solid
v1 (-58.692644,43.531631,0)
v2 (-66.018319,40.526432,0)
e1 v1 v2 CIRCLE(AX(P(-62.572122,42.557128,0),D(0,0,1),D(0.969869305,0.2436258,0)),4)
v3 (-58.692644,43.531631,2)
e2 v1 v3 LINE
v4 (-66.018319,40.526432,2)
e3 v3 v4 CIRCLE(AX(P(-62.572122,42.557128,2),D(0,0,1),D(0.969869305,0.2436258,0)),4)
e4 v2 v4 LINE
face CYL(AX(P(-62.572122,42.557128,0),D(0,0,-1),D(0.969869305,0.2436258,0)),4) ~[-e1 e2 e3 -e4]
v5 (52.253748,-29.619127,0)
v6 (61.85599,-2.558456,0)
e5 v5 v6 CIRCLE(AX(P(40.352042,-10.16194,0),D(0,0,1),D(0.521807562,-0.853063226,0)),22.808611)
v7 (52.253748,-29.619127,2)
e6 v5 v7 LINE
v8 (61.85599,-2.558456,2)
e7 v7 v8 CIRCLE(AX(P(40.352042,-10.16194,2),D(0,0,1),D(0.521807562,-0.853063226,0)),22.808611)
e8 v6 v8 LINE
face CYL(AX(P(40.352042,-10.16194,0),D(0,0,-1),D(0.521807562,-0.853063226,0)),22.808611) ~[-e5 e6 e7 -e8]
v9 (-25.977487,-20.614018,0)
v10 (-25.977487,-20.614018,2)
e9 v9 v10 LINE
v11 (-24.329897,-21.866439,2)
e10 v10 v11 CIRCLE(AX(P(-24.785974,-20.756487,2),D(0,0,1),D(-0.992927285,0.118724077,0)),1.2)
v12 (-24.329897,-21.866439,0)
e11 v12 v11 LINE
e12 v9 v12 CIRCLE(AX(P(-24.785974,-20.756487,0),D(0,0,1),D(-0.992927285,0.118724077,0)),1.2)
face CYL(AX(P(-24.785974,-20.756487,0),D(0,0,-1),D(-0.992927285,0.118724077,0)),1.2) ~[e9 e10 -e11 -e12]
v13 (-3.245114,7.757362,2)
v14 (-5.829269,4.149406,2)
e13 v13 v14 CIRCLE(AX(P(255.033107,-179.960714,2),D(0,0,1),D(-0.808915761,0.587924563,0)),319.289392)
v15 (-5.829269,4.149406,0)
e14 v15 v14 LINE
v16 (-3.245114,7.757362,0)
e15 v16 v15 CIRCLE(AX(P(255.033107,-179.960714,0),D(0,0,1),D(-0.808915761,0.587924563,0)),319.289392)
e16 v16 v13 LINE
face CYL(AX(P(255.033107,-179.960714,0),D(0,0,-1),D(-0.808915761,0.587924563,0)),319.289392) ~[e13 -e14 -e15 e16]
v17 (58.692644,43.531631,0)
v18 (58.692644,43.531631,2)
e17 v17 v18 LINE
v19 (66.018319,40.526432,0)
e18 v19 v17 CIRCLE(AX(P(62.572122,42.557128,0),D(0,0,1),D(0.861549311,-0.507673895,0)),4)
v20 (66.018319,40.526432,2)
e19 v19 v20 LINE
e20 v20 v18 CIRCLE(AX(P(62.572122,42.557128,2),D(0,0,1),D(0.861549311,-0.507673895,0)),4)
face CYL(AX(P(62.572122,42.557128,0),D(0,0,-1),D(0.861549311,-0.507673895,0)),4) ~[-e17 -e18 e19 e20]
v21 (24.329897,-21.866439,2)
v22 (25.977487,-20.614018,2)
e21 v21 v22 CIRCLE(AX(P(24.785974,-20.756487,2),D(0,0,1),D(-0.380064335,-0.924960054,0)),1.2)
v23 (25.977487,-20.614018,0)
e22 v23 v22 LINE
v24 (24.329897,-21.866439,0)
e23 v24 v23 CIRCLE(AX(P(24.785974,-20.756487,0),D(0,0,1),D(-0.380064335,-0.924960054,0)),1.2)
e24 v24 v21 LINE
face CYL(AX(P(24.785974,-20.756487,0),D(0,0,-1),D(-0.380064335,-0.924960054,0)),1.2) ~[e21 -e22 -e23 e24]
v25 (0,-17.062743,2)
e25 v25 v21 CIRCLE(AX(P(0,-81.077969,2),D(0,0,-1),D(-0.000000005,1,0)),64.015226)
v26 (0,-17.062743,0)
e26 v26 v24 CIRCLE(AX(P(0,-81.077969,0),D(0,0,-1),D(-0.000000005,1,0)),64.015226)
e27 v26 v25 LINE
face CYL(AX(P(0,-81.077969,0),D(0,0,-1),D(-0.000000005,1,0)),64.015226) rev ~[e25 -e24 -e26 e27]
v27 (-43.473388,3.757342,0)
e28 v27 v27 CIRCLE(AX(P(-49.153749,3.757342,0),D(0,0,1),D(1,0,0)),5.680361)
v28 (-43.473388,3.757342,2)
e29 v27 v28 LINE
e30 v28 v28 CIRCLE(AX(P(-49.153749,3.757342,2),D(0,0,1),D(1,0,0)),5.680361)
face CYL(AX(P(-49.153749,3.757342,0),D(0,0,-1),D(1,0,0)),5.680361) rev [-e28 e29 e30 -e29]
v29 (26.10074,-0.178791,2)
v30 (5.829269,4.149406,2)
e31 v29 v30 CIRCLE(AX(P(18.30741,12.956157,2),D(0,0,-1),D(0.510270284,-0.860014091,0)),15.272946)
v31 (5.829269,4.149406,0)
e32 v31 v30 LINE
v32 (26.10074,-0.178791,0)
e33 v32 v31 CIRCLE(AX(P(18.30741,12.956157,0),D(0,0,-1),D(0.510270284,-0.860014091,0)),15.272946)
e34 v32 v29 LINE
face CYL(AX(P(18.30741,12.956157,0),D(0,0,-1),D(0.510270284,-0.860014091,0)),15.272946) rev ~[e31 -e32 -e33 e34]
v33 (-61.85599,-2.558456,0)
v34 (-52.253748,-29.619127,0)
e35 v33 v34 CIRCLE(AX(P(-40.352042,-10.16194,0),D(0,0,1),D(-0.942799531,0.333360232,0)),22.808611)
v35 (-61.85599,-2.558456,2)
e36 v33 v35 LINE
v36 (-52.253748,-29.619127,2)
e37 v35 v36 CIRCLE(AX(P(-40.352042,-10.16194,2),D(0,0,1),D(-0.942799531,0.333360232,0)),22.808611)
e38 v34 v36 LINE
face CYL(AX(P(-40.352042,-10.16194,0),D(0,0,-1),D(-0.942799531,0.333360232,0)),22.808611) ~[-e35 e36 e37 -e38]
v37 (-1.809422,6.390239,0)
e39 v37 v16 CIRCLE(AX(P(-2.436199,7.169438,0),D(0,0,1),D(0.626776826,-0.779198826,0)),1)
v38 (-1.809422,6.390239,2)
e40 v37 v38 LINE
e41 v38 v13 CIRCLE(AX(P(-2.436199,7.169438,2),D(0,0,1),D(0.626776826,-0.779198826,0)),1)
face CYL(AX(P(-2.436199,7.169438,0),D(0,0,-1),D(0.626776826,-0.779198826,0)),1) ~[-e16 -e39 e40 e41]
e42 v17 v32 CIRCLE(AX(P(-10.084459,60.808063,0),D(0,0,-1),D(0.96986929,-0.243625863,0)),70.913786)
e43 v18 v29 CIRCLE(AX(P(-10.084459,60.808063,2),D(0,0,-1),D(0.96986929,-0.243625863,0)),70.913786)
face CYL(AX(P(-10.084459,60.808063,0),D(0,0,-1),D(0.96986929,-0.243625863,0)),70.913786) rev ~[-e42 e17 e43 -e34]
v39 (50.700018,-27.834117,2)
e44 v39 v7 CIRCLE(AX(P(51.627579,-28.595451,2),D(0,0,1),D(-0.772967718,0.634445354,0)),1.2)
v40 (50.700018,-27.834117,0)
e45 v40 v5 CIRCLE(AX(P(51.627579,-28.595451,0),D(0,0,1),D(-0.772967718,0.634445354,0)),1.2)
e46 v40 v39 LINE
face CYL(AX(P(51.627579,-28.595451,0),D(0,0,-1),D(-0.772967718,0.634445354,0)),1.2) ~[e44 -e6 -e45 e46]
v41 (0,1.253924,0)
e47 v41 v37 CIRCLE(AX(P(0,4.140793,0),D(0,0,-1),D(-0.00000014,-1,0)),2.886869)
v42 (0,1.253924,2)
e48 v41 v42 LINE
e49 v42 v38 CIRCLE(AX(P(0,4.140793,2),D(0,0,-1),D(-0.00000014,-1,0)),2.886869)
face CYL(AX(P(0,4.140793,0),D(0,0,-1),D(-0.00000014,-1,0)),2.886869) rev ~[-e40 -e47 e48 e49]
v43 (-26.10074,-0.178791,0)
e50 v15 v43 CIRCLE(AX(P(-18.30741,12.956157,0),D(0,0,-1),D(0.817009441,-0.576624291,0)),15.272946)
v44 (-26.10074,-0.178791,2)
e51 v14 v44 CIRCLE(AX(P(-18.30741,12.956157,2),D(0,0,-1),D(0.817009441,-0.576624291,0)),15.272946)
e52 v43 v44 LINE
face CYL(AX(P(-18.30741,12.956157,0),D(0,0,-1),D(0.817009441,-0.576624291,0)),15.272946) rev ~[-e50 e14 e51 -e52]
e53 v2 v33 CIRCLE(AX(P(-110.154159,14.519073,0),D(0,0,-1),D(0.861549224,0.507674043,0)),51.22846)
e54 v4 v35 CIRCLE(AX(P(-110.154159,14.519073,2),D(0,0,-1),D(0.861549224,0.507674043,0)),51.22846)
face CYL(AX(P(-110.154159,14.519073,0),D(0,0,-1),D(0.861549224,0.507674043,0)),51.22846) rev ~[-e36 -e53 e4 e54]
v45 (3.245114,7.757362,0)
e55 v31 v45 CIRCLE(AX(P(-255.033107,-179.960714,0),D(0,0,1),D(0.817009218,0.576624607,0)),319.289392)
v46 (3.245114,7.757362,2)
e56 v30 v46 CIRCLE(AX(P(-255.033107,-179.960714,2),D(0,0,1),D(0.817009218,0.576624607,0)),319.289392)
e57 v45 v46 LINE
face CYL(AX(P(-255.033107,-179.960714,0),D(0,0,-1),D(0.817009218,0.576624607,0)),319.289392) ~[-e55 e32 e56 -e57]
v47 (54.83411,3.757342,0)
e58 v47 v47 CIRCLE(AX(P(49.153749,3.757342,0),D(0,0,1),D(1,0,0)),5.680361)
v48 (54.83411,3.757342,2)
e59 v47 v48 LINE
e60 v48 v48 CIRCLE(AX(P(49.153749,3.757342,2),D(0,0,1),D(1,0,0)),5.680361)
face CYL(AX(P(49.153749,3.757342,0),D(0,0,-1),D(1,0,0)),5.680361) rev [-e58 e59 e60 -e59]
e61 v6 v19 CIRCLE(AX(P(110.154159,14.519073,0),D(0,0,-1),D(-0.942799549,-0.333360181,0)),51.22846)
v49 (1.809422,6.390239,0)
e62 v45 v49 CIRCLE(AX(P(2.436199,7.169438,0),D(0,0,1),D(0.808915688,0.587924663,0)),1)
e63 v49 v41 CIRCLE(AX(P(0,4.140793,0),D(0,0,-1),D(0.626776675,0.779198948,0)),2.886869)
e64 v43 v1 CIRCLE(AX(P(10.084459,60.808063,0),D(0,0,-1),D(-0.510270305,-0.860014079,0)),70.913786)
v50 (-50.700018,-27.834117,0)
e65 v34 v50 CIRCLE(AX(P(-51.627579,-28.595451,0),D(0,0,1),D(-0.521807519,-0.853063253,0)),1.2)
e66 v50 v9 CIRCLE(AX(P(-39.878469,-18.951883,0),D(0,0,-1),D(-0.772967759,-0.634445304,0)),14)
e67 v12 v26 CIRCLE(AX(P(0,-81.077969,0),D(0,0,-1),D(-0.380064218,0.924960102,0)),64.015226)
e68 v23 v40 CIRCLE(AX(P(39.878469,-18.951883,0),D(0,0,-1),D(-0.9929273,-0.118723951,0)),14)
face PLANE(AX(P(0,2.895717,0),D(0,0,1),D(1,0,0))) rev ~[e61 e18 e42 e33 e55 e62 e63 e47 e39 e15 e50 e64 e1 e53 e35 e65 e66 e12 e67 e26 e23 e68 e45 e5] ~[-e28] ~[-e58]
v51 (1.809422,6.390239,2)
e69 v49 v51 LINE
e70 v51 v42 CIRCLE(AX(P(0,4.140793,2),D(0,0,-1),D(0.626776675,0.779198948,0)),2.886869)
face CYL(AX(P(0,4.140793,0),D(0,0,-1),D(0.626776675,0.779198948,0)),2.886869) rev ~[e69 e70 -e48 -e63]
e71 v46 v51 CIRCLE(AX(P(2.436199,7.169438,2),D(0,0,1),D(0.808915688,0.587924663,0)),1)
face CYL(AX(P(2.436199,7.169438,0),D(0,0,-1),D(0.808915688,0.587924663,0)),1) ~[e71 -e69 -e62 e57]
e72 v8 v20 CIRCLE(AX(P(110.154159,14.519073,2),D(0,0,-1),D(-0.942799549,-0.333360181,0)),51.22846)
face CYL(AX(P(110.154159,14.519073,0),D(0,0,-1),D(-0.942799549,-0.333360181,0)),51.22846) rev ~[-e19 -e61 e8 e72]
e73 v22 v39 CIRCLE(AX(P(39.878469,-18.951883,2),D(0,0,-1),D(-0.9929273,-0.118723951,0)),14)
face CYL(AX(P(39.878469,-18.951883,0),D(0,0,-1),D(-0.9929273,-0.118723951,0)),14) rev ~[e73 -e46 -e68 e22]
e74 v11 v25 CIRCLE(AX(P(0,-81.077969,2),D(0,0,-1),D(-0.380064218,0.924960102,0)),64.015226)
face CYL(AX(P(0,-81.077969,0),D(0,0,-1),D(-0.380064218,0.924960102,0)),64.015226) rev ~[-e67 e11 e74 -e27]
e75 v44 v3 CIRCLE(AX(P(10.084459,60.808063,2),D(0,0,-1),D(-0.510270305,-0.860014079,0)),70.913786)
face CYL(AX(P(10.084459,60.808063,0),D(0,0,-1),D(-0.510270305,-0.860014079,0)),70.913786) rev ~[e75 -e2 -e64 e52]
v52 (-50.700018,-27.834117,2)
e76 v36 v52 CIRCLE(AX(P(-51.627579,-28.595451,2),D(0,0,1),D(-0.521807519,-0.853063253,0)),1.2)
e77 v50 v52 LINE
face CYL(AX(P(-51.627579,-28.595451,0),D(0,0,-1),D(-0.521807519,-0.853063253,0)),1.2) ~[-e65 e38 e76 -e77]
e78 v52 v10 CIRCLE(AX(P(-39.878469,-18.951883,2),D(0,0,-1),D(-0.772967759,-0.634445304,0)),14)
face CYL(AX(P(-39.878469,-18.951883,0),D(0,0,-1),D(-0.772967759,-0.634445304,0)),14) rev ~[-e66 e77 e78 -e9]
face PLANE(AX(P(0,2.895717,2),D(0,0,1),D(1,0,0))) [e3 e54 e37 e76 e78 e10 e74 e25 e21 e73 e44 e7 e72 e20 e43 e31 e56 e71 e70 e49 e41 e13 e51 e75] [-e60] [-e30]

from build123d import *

# Parameters (mm, degrees)
F0_R     = 5.680361
F1_DEPTH = 2


with BuildPart() as f1:
    # F0 (on Top) → F1 (new body)
    with BuildSketch(Plane.XY):
        with BuildLine():
            ThreePointArc((-50.700018, -27.834117), (-43.803158, -5.513251), (-25.977487, -20.614018))
            ThreePointArc((-25.977487, -20.614018), (-25.512167, -21.711811), (-24.329897, -21.866439))
            ThreePointArc((-24.329897, -21.866439), (-12.399792, -18.275148), (0, -17.062743))
            ThreePointArc((0, -17.062743), (12.399792, -18.275148), (24.329897, -21.866439))
            ThreePointArc((24.329897, -21.866439), (25.512167, -21.711811), (25.977487, -20.614018))
            ThreePointArc((25.977487, -20.614018), (43.803158, -5.513251), (50.700018, -27.834117))
            ThreePointArc((50.700018, -27.834117), (50.722441, -29.383312), (52.253748, -29.619127))
            ThreePointArc((52.253748, -29.619127), (61.847493, -17.789412), (61.85599, -2.558456))
            ThreePointArc((61.85599, -2.558456), (59.163097, 19.445198), (66.018319, 40.526432))
            ThreePointArc((66.018319, 40.526432), (64.090258, 46.257839), (58.692644, 43.531631))
            ThreePointArc((58.692644, 43.531631), (46.765532, 18.418872), (26.10074, -0.178791))
            ThreePointArc((26.10074, -0.178791), (15.118337, -1.98013), (5.829269, 4.149406))
            ThreePointArc((5.829269, 4.149406), (4.54346, 5.957874), (3.245114, 7.757362))
            ThreePointArc((3.245114, 7.757362), (1.746597, 7.893626), (1.809422, 6.390239))
            ThreePointArc((1.809422, 6.390239), (2.722854, 3.181586), (0, 1.253924))
            ThreePointArc((0, 1.253924), (-2.722854, 3.181586), (-1.809422, 6.390239))
            ThreePointArc((-1.809422, 6.390239), (-1.746597, 7.893626), (-3.245114, 7.757362))
            ThreePointArc((-3.245114, 7.757362), (-4.54346, 5.957874), (-5.829269, 4.149406))
            ThreePointArc((-5.829269, 4.149406), (-15.118337, -1.98013), (-26.10074, -0.178791))
            ThreePointArc((-26.10074, -0.178791), (-46.765532, 18.418872), (-58.692644, 43.531631))
            ThreePointArc((-58.692644, 43.531631), (-64.090258, 46.257839), (-66.018319, 40.526432))
            ThreePointArc((-66.018319, 40.526432), (-59.163097, 19.445198), (-61.85599, -2.558456))
            ThreePointArc((-61.85599, -2.558456), (-61.847493, -17.789412), (-52.253748, -29.619127))
            ThreePointArc((-52.253748, -29.619127), (-50.722441, -29.383312), (-50.700018, -27.834117))
        make_face()
        with Locations((-49.153749, 3.757342)):
            Circle(F0_R, mode=Mode.SUBTRACT)
        with Locations((49.153749, 3.757342)):
            Circle(F0_R, mode=Mode.SUBTRACT)
    extrude(amount=F1_DEPTH)


solid = f1.part
